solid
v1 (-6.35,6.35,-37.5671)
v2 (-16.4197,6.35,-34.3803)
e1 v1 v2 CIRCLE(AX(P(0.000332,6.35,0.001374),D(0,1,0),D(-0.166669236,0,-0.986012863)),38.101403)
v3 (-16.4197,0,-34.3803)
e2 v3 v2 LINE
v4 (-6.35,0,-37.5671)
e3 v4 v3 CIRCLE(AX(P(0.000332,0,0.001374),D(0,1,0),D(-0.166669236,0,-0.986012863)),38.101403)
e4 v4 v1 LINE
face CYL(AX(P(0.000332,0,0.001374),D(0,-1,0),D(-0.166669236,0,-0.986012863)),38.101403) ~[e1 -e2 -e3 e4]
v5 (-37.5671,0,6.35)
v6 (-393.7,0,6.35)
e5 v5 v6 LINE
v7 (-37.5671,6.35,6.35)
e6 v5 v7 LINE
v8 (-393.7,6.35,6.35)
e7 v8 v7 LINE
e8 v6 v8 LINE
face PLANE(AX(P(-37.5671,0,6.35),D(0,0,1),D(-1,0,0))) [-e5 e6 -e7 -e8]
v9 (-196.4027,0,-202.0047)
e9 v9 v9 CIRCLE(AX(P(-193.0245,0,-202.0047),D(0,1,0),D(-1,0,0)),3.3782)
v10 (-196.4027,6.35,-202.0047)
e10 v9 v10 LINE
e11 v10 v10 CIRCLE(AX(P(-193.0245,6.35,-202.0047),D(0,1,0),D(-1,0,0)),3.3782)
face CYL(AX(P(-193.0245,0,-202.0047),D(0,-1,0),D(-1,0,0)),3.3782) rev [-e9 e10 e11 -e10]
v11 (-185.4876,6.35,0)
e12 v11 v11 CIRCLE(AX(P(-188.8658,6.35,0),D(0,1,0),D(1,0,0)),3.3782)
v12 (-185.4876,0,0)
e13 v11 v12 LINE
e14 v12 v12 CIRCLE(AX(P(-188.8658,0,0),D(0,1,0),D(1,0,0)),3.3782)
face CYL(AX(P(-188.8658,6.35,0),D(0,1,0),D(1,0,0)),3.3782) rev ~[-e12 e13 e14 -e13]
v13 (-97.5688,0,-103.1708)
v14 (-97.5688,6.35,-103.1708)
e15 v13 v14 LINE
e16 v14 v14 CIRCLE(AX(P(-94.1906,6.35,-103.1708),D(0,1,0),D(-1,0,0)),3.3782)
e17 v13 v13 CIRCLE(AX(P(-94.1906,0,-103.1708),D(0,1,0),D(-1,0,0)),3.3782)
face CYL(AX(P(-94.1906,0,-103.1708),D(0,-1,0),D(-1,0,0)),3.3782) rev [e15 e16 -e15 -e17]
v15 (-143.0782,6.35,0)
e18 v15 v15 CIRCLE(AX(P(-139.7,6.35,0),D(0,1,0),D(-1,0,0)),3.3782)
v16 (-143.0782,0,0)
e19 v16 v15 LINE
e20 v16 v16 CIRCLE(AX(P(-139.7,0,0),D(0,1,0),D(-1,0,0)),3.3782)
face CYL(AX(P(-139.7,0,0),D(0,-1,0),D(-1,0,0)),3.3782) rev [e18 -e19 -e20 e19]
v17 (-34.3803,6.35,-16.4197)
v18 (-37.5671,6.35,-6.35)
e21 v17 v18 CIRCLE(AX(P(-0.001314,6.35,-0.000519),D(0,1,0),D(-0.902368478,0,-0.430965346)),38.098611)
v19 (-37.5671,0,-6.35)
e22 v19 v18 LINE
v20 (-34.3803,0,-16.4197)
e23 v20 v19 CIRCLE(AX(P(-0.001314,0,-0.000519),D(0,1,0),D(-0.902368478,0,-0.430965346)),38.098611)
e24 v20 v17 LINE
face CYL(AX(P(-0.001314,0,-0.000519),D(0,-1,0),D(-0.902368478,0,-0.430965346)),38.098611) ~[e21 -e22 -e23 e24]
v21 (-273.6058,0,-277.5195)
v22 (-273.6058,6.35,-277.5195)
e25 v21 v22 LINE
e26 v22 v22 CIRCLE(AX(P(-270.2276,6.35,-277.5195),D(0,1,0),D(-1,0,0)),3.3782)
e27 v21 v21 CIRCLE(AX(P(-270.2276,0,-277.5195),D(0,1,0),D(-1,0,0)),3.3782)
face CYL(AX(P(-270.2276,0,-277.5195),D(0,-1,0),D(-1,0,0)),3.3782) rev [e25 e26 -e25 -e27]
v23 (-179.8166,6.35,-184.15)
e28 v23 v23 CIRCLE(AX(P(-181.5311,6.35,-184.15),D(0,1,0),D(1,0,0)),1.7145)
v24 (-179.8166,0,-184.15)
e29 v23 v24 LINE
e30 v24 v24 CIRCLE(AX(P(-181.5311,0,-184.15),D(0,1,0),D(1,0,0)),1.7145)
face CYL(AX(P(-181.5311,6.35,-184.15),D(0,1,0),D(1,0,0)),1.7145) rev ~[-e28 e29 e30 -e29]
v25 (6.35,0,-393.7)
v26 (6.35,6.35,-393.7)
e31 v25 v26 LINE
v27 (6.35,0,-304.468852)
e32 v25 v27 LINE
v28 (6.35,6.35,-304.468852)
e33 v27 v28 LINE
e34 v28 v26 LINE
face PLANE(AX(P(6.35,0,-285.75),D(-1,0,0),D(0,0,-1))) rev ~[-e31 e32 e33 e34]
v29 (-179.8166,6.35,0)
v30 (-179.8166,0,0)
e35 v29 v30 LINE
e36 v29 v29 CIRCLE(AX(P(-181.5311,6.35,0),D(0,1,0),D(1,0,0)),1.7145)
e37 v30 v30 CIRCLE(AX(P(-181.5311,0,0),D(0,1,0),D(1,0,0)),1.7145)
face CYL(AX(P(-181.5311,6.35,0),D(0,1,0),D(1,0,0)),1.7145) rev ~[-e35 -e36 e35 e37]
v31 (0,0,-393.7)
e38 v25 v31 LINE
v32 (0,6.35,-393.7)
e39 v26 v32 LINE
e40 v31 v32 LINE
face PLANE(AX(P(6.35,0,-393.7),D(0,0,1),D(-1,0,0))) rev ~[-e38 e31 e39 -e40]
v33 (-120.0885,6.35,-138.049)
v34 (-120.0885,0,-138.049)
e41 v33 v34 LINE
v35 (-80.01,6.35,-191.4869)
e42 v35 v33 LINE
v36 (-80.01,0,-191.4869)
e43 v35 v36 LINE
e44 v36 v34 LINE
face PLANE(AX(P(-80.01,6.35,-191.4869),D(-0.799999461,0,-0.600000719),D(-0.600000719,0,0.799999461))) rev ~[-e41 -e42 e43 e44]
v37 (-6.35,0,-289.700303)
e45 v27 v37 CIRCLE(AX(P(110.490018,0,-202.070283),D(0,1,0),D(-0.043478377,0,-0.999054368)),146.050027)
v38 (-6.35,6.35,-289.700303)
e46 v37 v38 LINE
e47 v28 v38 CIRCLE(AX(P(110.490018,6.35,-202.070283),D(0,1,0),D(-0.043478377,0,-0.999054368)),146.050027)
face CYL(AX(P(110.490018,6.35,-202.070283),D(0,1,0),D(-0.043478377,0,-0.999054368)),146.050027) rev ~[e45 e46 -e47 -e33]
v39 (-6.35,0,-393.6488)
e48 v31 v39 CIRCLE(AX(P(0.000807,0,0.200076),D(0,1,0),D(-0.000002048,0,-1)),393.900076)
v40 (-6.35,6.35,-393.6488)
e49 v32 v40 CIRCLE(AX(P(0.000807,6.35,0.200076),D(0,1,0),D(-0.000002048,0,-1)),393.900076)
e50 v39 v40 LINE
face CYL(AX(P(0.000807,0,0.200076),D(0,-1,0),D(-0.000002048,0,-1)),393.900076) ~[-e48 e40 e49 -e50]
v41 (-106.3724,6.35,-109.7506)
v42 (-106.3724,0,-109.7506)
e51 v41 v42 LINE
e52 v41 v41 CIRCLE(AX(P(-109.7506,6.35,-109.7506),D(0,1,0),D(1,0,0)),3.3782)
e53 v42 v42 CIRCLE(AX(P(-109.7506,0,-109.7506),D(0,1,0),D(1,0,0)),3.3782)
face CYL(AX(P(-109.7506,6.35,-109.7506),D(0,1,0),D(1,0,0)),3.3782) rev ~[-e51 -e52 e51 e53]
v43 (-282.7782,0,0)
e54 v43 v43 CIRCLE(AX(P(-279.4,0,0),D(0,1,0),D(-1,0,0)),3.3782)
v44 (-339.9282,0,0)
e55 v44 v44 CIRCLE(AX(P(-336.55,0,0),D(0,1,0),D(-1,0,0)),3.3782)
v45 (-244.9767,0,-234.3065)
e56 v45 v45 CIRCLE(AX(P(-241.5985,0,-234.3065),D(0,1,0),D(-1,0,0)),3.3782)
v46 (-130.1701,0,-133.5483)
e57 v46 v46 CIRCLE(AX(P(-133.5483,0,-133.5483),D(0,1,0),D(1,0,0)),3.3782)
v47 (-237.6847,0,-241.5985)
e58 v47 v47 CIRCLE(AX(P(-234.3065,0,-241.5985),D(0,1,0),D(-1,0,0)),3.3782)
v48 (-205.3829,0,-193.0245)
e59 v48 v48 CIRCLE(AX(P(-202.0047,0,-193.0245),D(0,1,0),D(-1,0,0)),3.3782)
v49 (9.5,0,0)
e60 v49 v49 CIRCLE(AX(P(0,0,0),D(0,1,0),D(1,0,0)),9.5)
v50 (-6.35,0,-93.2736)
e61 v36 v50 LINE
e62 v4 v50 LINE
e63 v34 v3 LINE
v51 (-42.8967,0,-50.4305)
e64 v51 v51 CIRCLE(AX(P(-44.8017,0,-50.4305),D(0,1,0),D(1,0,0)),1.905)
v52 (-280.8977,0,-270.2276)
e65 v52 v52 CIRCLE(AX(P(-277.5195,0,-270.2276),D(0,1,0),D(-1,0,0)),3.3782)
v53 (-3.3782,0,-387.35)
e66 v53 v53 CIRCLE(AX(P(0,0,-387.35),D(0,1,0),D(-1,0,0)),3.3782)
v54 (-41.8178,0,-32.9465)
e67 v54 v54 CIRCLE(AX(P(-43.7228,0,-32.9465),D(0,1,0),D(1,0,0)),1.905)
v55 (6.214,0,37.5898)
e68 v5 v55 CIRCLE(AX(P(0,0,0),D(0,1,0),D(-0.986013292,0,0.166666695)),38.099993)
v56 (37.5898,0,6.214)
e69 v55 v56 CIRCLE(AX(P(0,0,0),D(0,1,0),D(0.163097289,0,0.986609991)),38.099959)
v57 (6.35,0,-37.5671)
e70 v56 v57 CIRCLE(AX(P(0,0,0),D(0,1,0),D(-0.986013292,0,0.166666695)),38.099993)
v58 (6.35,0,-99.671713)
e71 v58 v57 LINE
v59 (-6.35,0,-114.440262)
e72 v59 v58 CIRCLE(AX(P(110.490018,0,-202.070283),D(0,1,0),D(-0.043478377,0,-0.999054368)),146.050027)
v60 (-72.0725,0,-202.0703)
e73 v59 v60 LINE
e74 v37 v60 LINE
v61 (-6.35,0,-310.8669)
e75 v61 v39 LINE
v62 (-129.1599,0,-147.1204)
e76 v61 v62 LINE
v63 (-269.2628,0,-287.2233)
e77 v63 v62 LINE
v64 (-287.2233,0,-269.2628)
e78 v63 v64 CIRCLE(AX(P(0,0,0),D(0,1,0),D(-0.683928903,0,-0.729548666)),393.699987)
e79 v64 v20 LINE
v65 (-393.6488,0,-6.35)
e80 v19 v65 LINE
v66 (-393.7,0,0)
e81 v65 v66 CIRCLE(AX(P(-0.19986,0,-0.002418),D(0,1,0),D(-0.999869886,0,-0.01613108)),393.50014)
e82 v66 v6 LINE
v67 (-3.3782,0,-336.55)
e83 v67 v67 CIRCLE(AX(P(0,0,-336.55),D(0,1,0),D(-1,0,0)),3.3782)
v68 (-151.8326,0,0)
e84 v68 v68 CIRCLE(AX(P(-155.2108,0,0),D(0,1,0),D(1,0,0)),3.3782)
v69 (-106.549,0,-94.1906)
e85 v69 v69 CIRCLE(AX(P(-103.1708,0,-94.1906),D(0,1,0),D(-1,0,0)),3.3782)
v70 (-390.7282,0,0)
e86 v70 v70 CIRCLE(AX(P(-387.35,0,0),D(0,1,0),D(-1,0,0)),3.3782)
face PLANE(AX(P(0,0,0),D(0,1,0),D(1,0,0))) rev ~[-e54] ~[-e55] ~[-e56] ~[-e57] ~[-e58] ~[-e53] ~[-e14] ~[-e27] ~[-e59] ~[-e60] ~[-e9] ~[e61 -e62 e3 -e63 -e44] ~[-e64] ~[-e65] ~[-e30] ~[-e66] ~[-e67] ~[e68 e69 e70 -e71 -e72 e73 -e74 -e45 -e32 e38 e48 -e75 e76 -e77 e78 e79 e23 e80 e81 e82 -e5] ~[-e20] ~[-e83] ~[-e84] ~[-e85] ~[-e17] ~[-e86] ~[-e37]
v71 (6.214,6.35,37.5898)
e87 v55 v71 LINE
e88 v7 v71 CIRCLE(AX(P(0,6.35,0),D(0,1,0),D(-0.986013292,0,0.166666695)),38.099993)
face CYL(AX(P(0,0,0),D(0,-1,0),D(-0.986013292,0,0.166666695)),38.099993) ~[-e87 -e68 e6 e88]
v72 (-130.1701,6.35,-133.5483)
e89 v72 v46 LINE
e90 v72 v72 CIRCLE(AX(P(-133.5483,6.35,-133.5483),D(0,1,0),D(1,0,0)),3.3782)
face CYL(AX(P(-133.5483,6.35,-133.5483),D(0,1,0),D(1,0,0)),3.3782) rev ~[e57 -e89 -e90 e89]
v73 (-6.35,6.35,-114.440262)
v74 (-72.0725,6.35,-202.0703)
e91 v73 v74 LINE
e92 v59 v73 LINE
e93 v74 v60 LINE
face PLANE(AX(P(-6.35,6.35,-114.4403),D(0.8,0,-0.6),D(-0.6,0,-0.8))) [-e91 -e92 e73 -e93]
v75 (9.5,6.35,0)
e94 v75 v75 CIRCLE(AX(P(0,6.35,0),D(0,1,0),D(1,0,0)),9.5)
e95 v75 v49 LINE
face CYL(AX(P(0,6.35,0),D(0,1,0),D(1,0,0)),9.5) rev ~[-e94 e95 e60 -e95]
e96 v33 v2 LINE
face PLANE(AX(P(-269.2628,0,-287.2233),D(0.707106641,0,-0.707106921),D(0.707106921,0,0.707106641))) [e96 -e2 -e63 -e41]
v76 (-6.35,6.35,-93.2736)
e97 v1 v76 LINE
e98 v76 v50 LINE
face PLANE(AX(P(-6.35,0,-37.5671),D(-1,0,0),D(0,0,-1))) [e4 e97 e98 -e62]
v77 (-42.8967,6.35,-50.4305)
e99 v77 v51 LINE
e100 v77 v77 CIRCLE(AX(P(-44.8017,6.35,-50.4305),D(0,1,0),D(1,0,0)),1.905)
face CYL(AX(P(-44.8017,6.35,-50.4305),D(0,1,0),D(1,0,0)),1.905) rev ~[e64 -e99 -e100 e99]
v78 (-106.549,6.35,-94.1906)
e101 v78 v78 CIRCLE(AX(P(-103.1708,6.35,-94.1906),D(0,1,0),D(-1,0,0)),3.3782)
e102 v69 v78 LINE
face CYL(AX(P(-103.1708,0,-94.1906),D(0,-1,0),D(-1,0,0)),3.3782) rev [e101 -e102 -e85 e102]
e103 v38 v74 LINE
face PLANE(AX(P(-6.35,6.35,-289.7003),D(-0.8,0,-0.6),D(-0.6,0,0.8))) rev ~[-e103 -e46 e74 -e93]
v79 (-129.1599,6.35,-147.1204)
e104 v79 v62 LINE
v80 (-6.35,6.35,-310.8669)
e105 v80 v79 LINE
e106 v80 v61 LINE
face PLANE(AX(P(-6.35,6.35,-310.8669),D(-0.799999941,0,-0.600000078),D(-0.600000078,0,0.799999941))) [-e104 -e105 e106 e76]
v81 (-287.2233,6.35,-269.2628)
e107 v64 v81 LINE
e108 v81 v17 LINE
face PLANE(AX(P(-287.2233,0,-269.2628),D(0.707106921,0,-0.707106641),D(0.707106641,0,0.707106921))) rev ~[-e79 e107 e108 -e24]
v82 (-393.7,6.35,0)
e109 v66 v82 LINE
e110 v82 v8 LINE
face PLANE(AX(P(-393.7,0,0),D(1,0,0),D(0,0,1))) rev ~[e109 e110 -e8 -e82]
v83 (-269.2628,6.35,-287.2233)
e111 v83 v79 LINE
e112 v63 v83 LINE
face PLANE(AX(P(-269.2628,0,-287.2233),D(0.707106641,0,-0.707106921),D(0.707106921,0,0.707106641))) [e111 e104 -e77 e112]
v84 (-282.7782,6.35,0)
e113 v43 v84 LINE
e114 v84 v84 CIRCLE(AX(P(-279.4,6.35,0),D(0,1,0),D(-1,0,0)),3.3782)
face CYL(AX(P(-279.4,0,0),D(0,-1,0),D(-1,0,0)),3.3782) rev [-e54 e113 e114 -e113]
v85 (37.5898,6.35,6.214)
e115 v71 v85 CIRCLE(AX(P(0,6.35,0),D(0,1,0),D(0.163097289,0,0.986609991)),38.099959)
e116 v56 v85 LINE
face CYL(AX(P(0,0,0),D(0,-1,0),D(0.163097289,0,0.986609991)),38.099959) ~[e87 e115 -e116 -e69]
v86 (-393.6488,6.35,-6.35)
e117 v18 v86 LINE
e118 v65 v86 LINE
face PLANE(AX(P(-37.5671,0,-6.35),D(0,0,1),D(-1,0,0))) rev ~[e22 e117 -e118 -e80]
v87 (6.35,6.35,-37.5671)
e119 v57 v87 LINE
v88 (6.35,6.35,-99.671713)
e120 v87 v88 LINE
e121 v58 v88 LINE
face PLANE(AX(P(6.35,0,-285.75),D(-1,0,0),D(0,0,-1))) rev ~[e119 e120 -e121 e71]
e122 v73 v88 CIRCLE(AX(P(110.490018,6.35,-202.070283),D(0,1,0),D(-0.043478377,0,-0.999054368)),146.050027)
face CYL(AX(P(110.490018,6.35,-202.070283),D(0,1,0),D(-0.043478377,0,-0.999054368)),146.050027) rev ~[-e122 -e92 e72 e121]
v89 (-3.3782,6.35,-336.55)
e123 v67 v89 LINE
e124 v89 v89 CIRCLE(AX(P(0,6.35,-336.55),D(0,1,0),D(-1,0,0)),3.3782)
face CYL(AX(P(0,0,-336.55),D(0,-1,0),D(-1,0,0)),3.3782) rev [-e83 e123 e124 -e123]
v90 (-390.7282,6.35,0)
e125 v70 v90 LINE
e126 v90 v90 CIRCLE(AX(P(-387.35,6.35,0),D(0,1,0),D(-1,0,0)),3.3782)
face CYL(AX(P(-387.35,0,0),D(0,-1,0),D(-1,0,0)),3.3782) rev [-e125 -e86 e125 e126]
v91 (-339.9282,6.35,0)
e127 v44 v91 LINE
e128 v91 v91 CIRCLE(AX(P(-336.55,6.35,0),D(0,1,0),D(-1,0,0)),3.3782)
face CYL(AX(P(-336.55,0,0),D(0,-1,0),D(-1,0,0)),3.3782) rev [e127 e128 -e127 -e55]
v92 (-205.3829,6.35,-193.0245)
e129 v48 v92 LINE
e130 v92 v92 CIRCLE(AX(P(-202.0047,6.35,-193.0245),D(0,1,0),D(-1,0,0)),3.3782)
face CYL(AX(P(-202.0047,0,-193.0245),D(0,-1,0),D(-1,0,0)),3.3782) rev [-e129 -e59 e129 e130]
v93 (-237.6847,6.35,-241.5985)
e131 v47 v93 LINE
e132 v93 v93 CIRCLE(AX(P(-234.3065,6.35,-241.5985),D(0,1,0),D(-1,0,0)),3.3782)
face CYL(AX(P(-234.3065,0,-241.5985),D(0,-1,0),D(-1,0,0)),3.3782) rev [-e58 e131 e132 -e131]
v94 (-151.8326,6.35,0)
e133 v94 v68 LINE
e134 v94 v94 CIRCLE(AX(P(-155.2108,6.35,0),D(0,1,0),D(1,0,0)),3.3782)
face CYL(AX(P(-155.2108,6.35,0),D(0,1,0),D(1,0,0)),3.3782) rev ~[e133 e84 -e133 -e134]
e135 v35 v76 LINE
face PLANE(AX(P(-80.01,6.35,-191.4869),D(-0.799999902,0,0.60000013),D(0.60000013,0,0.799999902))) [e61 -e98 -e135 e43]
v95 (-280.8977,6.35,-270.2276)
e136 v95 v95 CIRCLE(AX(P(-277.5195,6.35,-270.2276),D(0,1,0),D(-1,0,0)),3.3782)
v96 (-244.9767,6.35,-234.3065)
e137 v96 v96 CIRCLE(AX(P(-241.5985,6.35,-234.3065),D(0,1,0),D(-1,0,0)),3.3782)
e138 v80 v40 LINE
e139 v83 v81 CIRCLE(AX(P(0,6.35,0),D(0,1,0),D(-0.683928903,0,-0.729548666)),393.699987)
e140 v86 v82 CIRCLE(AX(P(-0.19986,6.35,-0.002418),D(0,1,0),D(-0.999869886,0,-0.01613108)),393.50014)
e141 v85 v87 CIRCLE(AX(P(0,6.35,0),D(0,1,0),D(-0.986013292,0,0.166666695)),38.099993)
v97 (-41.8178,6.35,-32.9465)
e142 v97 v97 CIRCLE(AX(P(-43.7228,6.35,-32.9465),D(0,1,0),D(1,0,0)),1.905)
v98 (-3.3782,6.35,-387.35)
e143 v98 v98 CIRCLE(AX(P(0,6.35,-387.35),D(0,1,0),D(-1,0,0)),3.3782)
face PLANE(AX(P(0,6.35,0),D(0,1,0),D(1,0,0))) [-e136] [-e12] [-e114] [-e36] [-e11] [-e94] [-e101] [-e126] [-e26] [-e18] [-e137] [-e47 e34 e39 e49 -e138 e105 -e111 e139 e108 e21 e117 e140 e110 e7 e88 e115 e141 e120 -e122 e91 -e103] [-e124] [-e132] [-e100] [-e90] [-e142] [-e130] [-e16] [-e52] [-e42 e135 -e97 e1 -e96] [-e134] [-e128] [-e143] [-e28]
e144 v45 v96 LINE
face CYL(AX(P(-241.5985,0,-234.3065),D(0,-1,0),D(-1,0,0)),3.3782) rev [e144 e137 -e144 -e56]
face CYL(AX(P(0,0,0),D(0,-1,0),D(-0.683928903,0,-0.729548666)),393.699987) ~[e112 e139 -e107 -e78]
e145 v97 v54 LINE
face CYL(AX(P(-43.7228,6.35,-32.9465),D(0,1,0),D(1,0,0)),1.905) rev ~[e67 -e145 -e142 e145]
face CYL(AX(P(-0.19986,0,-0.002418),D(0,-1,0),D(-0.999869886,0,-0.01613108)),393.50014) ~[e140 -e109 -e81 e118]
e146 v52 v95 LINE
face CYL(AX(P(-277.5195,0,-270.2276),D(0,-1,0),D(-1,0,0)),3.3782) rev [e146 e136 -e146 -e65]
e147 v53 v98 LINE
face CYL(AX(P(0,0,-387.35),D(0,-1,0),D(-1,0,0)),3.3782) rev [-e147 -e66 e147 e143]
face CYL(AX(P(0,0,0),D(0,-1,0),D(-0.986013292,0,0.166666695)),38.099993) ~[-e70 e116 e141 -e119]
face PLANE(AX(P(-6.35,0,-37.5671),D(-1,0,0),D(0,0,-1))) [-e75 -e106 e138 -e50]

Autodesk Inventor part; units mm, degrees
ref_plane "YZ Plane" through (0, 0, 0) normal (1, 0, 0) x (0, 1, 0)
ref_plane "XZ Plane" through (0, 0, 0) normal (0, 1, 0) x (-1, 0, 0)
ref_plane "XY Plane" through (0, 0, 0) normal (0, 0, 1) x (1, 0, 0)
sketch "Sketch1" plane through (0, 0, 0) normal (0, 1, 0) x (-1, 0, 0)
  circle A0 centre (0, -139.7) radius 3.3782
  line L0 (6.35, -37.5671) -> (6.35, -393.6488)
  line L1 (-6.35, -37.5671) -> (-6.35, -393.7)
  circle A1 centre (193.0245, -202.0047) radius 3.3782
  circle A2 centre (202.0047, -193.0245) radius 3.3782
  line L2 (269.2628, -287.2233) -> (16.4197, -34.3803)
  line L3 (287.2233, -269.2628) -> (34.3803, -16.4197)
  circle A3 centre (94.1906, -103.1708) radius 3.3782
  circle A4 centre (103.1708, -94.1906) radius 3.3782
  circle A5 centre (139.7, 0) radius 3.3782
  line L4 (133.35, 0) -> (133.35, 6.35)
  line L5 (273.05, 6.35) -> (273.05, 0)
  line L6 (37.5671, -6.35) -> (393.6488, -6.35)
  line L7 (37.5671, 6.35) -> (393.7, 6.35)
  line L8 (146.05, 0) -> (146.05, 6.35)
  circle A6 centre (277.5195, -270.2276) radius 3.3782
  circle A7 centre (270.2276, -277.5195) radius 3.3782
  arc A8 (269.2628, -287.2233) -> (287.2233, -269.2628) centre (0, 0) ccw
  circle A9 centre (0, -387.35) radius 3.3782
  arc A10 (0, -393.7) -> (6.35, -393.6488) centre (0, 0) ccw
  line L9 (-6.35, -393.7) -> (0, -393.7)
  circle A11 centre (0, -279.4) radius 3.3782
  arc A12 (6.35, -37.5671) -> (16.4197, -34.3803) centre (0, 0) ccw
  arc A13 (34.3803, -16.4197) -> (37.5671, -6.35) centre (0, 0) ccw
  circle A14 centre (0, 0) radius 14.2875
  line L10 (38.1, 0) -> (38.1, 12.8556) construction
  arc A15 (-6.214, 37.5898) -> (-37.5898, 6.214) centre (0, 0) ccw
  arc A16 (37.5671, 6.35) -> (-6.35, -37.5671) centre (0, 0) ccw
  circle A17 centre (387.35, 0) radius 3.3782
  line L11 (393.7, 0) -> (393.7, 6.35)
  circle A18 centre (279.4, 0) radius 3.3782
  line L12 (285.75, 6.35) -> (285.75, 0)
  arc A19 (393.6488, -6.35) -> (393.7, 0) centre (0, 0) ccw
  line L13 (0, -285.75) -> (-6.35, -285.75)
  line L14 (-6.35, -273.05) -> (0, -273.05)
  circle A20 centre (0, -336.55) radius 3.3782
  circle A21 centre (241.5985, -234.3065) radius 3.3782
  circle A22 centre (234.3065, -241.5985) radius 3.3782
  circle A23 centre (336.55, 0) radius 3.3782
  dimension "d2" = 12.7
  dimension "d3" = 12.7
  dimension "d4" = 38.1
  dimension "d6" = 38.1
  dimension "d7" = 6.35
  dimension "d8" = 6.35
  dimension "d9" = 6.35
  dimension "d10" = 12.7
  dimension "d11" = 12.7
  dimension "d12" = 95.25
  dimension "d13" = 6.7564
  dimension "d14" = 6.7564
  dimension "d15" = 6.7564
  dimension "d16" = 6.35
  dimension "d17" = 6.7564
  dimension "d18" = 6.35
  dimension "d19" = 6.35
  dimension "d20" = 6.7564
  dimension "d21" = 6.7564
  dimension "d22" = 6.7564
  dimension "d23" = 6.35
  dimension "d24" = 6.7564
  dimension "d25" = 28.575
  dimension "d28" = 38.1
  dimension "d30" = 6.35
  dimension "d31" = 139.7
  dimension "d34" = 6.35
  dimension "d37" = 277.5195
  dimension "d38" = 270.2276
  dimension "d39" = 7.2919
  dimension "d40" = 7.2919
  dimension "d41" = 393.7
  dimension "d42" = 393.7
  dimension "d43" = 6.35
  dimension "d44" = 12.7
  dimension "d45" = 6.7564
  dimension "d46" = 6.35
  dimension "d47" = 6.7564
  dimension "d48" = 6.7564
  dimension "d49" = 393.7
  dimension "d50" = 6.35
  dimension "d51" = 6.7564
  dimension "d52" = 6.35
  dimension "d54" = 6.7564
  dimension "d55" = 6.7564
  dimension "d56" = 6.7564
  dimension "d57" = 50.8
  dimension "d58" = 50.8
  dimension "d59" = 50.8
  dimension "d60" = 7.5438
  dimension "d61" = 7.5438
  dimension "d62" = 7.5438
  dimension "d63" = 7.5438
  dimension "d64" = 50.8
extrude "Extrusion1" add sketch "Sketch1" along normal blind 6.35
sketch "Sketch7" plane through (0, 6.35, 0) normal (0, 1, 0) x (1, 0, 0)
  circle A0 centre (0, 0) radius 9.5
  circle A1 centre (0, 0) radius 14.2875 projected
  dimension "d99" = 19
extrude "Extrusion6" add sketch "Sketch7" against normal blind 6.35
sketch "Sketch9" plane through (0, 6.35, 0) normal (0, 1, 0) x (1, 0, 0)
  circle A0 centre (0, 139.7) radius 3.3782 projected
  circle A1 centre (0, 279.4) radius 3.3782 projected
  arc A2 (104.14, 347.9822) -> (104.1415, 56.1583) centre (110.49, 202.0703) ccw projected
  circle A3 centre (110.49, 202.0703) radius 146.05
  dimension "d102" = 0
  dimension "d103" = 0
  dimension "d104" = 0
extrude "Extrusion7" cut sketch "Sketch9" against normal blind 25.4
sketch "Sketch10" plane through (0, 6.35, 0) normal (0, 1, 0) x (1, 0, 0)
  arc A0 (6.35, 304.4688) -> (-6.35, 289.7003) centre (110.49, 202.0703) ccw projected
  line L0 (-6.35, 393.6488) -> (-6.35, 289.7003) projected
  arc A1 (-6.35, 114.4403) -> (6.35, 99.6717) centre (110.49, 202.0703) ccw projected
  line L1 (-6.35, 114.4403) -> (-6.35, 37.5671) projected
  arc A2 (-6.35, 37.5671) -> (-16.4197, 34.3803) centre (0, 0) ccw projected
  line L2 (-16.4197, 34.3803) -> (-269.2628, 287.2233) projected
  arc A3 (-269.2628, 287.2233) -> (-287.2233, 269.2628) centre (0, 0) ccw projected
  line L3 (-287.2233, 269.2628) -> (-34.3803, 16.4197) projected
  arc A4 (-34.3803, 16.4197) -> (-37.5671, 6.35) centre (0, 0) ccw projected
  line L4 (-37.5671, 6.35) -> (-393.6488, 6.35) projected
  arc A5 (-393.6488, 6.35) -> (-393.7, 0) centre (0, 0) ccw projected
  line L5 (-393.7, 0) -> (-393.7, -6.35) projected
  line L6 (-393.7, -6.35) -> (-37.5671, -6.35) projected
  arc A6 (-37.5671, -6.35) -> (6.35, 37.5671) centre (0, 0) ccw projected
  line L7 (6.35, 37.5671) -> (6.35, 99.6717) projected
  circle A7 centre (-270.2276, 277.5195) radius 3.3782 projected
  circle A8 centre (-277.5195, 270.2276) radius 3.3782 projected
  circle A9 centre (-234.3065, 241.5985) radius 3.3782 projected
  circle A10 centre (-241.5985, 234.3065) radius 3.3782 projected
  circle A11 centre (-387.35, 0) radius 3.3782 projected
  circle A12 centre (-336.55, 0) radius 3.3782 projected
  circle A13 centre (-139.7, 0) radius 3.3782 projected
  circle A14 centre (-279.4, 0) radius 3.3782 projected
  circle A15 centre (-94.1906, 103.1708) radius 3.3782 projected
  circle A16 centre (-103.1708, 94.1906) radius 3.3782 projected
  circle A17 centre (-193.0245, 202.0047) radius 3.3782 projected
  circle A18 centre (-202.0047, 193.0245) radius 3.3782 projected
  line L8 (-6.35, 114.4403) -> (-72.0725, 202.0703)
  line L9 (-6.35, 310.8669) -> (-129.1599, 147.1204)
  line L10 (-80.01, 191.4869) -> (-6.35, 93.2736)
  line L11 (-6.35, 289.7003) -> (-72.0725, 202.0703)
  line L12 (-80.01, 191.4869) -> (-120.0885, 138.049)
extrude "Extrusion8" add sketch "Sketch10" against normal blind 6.35 contours L0 L11 L8 L1 L10 L12 L2 L9
sketch "Sketch11" plane through (0, 6.35, 0) normal (0, 1, 0) x (1, 0, 0)
  circle A0 centre (-109.7506, 109.7506) radius 3.3782 projected
  circle A1 centre (-133.5483, 133.5483) radius 3.3782 projected
  circle A2 centre (-188.8658, 0) radius 3.3782 projected
  circle A3 centre (-155.2108, 0) radius 3.3782 projected
  circle A4 centre (-43.7228, 32.9465) radius 1.905 projected
  circle A5 centre (-44.8017, 50.4305) radius 1.905 projected
  line L0 (-26.4805, 78.1922) -> (-75.4609, 19.8196) projected
  line L1 (-59.4084, 6.35) -> (-75.4609, 19.8196) projected
  line L2 (-10.428, 64.7226) -> (-59.4084, 6.35) projected
  line L3 (-26.4805, 78.1922) -> (-10.428, 64.7226) projected
  circle A6 centre (-181.5311, 184.15) radius 1.7145 projected
  circle A7 centre (-181.5311, 0) radius 1.7145 projected
  line L4 (-189.0718, 209.55) -> (-173.9905, 209.55) construction
  line L5 (-189.0718, 209.55) -> (-189.0718, -6.35) construction
  line L6 (-173.9905, -6.35) -> (-189.0718, -6.35) construction
  line L7 (-173.9905, 209.55) -> (-173.9905, -6.35) construction
  circle A8 centre (-61.4602, 24.6503) radius 3.175 projected
  circle A9 centre (-47.1743, 41.6757) radius 3.175 projected
extrude "Extrusion9" cut sketch "Sketch11" against normal through all contours A0 | A1 | A2 | A3 | A4 | A5 | A6 | A7
equation "\"d60\" = d63"
equation "\"d61\" = d62"
properties part number "Bearing Mount Top" material "Aluminum 6061"
